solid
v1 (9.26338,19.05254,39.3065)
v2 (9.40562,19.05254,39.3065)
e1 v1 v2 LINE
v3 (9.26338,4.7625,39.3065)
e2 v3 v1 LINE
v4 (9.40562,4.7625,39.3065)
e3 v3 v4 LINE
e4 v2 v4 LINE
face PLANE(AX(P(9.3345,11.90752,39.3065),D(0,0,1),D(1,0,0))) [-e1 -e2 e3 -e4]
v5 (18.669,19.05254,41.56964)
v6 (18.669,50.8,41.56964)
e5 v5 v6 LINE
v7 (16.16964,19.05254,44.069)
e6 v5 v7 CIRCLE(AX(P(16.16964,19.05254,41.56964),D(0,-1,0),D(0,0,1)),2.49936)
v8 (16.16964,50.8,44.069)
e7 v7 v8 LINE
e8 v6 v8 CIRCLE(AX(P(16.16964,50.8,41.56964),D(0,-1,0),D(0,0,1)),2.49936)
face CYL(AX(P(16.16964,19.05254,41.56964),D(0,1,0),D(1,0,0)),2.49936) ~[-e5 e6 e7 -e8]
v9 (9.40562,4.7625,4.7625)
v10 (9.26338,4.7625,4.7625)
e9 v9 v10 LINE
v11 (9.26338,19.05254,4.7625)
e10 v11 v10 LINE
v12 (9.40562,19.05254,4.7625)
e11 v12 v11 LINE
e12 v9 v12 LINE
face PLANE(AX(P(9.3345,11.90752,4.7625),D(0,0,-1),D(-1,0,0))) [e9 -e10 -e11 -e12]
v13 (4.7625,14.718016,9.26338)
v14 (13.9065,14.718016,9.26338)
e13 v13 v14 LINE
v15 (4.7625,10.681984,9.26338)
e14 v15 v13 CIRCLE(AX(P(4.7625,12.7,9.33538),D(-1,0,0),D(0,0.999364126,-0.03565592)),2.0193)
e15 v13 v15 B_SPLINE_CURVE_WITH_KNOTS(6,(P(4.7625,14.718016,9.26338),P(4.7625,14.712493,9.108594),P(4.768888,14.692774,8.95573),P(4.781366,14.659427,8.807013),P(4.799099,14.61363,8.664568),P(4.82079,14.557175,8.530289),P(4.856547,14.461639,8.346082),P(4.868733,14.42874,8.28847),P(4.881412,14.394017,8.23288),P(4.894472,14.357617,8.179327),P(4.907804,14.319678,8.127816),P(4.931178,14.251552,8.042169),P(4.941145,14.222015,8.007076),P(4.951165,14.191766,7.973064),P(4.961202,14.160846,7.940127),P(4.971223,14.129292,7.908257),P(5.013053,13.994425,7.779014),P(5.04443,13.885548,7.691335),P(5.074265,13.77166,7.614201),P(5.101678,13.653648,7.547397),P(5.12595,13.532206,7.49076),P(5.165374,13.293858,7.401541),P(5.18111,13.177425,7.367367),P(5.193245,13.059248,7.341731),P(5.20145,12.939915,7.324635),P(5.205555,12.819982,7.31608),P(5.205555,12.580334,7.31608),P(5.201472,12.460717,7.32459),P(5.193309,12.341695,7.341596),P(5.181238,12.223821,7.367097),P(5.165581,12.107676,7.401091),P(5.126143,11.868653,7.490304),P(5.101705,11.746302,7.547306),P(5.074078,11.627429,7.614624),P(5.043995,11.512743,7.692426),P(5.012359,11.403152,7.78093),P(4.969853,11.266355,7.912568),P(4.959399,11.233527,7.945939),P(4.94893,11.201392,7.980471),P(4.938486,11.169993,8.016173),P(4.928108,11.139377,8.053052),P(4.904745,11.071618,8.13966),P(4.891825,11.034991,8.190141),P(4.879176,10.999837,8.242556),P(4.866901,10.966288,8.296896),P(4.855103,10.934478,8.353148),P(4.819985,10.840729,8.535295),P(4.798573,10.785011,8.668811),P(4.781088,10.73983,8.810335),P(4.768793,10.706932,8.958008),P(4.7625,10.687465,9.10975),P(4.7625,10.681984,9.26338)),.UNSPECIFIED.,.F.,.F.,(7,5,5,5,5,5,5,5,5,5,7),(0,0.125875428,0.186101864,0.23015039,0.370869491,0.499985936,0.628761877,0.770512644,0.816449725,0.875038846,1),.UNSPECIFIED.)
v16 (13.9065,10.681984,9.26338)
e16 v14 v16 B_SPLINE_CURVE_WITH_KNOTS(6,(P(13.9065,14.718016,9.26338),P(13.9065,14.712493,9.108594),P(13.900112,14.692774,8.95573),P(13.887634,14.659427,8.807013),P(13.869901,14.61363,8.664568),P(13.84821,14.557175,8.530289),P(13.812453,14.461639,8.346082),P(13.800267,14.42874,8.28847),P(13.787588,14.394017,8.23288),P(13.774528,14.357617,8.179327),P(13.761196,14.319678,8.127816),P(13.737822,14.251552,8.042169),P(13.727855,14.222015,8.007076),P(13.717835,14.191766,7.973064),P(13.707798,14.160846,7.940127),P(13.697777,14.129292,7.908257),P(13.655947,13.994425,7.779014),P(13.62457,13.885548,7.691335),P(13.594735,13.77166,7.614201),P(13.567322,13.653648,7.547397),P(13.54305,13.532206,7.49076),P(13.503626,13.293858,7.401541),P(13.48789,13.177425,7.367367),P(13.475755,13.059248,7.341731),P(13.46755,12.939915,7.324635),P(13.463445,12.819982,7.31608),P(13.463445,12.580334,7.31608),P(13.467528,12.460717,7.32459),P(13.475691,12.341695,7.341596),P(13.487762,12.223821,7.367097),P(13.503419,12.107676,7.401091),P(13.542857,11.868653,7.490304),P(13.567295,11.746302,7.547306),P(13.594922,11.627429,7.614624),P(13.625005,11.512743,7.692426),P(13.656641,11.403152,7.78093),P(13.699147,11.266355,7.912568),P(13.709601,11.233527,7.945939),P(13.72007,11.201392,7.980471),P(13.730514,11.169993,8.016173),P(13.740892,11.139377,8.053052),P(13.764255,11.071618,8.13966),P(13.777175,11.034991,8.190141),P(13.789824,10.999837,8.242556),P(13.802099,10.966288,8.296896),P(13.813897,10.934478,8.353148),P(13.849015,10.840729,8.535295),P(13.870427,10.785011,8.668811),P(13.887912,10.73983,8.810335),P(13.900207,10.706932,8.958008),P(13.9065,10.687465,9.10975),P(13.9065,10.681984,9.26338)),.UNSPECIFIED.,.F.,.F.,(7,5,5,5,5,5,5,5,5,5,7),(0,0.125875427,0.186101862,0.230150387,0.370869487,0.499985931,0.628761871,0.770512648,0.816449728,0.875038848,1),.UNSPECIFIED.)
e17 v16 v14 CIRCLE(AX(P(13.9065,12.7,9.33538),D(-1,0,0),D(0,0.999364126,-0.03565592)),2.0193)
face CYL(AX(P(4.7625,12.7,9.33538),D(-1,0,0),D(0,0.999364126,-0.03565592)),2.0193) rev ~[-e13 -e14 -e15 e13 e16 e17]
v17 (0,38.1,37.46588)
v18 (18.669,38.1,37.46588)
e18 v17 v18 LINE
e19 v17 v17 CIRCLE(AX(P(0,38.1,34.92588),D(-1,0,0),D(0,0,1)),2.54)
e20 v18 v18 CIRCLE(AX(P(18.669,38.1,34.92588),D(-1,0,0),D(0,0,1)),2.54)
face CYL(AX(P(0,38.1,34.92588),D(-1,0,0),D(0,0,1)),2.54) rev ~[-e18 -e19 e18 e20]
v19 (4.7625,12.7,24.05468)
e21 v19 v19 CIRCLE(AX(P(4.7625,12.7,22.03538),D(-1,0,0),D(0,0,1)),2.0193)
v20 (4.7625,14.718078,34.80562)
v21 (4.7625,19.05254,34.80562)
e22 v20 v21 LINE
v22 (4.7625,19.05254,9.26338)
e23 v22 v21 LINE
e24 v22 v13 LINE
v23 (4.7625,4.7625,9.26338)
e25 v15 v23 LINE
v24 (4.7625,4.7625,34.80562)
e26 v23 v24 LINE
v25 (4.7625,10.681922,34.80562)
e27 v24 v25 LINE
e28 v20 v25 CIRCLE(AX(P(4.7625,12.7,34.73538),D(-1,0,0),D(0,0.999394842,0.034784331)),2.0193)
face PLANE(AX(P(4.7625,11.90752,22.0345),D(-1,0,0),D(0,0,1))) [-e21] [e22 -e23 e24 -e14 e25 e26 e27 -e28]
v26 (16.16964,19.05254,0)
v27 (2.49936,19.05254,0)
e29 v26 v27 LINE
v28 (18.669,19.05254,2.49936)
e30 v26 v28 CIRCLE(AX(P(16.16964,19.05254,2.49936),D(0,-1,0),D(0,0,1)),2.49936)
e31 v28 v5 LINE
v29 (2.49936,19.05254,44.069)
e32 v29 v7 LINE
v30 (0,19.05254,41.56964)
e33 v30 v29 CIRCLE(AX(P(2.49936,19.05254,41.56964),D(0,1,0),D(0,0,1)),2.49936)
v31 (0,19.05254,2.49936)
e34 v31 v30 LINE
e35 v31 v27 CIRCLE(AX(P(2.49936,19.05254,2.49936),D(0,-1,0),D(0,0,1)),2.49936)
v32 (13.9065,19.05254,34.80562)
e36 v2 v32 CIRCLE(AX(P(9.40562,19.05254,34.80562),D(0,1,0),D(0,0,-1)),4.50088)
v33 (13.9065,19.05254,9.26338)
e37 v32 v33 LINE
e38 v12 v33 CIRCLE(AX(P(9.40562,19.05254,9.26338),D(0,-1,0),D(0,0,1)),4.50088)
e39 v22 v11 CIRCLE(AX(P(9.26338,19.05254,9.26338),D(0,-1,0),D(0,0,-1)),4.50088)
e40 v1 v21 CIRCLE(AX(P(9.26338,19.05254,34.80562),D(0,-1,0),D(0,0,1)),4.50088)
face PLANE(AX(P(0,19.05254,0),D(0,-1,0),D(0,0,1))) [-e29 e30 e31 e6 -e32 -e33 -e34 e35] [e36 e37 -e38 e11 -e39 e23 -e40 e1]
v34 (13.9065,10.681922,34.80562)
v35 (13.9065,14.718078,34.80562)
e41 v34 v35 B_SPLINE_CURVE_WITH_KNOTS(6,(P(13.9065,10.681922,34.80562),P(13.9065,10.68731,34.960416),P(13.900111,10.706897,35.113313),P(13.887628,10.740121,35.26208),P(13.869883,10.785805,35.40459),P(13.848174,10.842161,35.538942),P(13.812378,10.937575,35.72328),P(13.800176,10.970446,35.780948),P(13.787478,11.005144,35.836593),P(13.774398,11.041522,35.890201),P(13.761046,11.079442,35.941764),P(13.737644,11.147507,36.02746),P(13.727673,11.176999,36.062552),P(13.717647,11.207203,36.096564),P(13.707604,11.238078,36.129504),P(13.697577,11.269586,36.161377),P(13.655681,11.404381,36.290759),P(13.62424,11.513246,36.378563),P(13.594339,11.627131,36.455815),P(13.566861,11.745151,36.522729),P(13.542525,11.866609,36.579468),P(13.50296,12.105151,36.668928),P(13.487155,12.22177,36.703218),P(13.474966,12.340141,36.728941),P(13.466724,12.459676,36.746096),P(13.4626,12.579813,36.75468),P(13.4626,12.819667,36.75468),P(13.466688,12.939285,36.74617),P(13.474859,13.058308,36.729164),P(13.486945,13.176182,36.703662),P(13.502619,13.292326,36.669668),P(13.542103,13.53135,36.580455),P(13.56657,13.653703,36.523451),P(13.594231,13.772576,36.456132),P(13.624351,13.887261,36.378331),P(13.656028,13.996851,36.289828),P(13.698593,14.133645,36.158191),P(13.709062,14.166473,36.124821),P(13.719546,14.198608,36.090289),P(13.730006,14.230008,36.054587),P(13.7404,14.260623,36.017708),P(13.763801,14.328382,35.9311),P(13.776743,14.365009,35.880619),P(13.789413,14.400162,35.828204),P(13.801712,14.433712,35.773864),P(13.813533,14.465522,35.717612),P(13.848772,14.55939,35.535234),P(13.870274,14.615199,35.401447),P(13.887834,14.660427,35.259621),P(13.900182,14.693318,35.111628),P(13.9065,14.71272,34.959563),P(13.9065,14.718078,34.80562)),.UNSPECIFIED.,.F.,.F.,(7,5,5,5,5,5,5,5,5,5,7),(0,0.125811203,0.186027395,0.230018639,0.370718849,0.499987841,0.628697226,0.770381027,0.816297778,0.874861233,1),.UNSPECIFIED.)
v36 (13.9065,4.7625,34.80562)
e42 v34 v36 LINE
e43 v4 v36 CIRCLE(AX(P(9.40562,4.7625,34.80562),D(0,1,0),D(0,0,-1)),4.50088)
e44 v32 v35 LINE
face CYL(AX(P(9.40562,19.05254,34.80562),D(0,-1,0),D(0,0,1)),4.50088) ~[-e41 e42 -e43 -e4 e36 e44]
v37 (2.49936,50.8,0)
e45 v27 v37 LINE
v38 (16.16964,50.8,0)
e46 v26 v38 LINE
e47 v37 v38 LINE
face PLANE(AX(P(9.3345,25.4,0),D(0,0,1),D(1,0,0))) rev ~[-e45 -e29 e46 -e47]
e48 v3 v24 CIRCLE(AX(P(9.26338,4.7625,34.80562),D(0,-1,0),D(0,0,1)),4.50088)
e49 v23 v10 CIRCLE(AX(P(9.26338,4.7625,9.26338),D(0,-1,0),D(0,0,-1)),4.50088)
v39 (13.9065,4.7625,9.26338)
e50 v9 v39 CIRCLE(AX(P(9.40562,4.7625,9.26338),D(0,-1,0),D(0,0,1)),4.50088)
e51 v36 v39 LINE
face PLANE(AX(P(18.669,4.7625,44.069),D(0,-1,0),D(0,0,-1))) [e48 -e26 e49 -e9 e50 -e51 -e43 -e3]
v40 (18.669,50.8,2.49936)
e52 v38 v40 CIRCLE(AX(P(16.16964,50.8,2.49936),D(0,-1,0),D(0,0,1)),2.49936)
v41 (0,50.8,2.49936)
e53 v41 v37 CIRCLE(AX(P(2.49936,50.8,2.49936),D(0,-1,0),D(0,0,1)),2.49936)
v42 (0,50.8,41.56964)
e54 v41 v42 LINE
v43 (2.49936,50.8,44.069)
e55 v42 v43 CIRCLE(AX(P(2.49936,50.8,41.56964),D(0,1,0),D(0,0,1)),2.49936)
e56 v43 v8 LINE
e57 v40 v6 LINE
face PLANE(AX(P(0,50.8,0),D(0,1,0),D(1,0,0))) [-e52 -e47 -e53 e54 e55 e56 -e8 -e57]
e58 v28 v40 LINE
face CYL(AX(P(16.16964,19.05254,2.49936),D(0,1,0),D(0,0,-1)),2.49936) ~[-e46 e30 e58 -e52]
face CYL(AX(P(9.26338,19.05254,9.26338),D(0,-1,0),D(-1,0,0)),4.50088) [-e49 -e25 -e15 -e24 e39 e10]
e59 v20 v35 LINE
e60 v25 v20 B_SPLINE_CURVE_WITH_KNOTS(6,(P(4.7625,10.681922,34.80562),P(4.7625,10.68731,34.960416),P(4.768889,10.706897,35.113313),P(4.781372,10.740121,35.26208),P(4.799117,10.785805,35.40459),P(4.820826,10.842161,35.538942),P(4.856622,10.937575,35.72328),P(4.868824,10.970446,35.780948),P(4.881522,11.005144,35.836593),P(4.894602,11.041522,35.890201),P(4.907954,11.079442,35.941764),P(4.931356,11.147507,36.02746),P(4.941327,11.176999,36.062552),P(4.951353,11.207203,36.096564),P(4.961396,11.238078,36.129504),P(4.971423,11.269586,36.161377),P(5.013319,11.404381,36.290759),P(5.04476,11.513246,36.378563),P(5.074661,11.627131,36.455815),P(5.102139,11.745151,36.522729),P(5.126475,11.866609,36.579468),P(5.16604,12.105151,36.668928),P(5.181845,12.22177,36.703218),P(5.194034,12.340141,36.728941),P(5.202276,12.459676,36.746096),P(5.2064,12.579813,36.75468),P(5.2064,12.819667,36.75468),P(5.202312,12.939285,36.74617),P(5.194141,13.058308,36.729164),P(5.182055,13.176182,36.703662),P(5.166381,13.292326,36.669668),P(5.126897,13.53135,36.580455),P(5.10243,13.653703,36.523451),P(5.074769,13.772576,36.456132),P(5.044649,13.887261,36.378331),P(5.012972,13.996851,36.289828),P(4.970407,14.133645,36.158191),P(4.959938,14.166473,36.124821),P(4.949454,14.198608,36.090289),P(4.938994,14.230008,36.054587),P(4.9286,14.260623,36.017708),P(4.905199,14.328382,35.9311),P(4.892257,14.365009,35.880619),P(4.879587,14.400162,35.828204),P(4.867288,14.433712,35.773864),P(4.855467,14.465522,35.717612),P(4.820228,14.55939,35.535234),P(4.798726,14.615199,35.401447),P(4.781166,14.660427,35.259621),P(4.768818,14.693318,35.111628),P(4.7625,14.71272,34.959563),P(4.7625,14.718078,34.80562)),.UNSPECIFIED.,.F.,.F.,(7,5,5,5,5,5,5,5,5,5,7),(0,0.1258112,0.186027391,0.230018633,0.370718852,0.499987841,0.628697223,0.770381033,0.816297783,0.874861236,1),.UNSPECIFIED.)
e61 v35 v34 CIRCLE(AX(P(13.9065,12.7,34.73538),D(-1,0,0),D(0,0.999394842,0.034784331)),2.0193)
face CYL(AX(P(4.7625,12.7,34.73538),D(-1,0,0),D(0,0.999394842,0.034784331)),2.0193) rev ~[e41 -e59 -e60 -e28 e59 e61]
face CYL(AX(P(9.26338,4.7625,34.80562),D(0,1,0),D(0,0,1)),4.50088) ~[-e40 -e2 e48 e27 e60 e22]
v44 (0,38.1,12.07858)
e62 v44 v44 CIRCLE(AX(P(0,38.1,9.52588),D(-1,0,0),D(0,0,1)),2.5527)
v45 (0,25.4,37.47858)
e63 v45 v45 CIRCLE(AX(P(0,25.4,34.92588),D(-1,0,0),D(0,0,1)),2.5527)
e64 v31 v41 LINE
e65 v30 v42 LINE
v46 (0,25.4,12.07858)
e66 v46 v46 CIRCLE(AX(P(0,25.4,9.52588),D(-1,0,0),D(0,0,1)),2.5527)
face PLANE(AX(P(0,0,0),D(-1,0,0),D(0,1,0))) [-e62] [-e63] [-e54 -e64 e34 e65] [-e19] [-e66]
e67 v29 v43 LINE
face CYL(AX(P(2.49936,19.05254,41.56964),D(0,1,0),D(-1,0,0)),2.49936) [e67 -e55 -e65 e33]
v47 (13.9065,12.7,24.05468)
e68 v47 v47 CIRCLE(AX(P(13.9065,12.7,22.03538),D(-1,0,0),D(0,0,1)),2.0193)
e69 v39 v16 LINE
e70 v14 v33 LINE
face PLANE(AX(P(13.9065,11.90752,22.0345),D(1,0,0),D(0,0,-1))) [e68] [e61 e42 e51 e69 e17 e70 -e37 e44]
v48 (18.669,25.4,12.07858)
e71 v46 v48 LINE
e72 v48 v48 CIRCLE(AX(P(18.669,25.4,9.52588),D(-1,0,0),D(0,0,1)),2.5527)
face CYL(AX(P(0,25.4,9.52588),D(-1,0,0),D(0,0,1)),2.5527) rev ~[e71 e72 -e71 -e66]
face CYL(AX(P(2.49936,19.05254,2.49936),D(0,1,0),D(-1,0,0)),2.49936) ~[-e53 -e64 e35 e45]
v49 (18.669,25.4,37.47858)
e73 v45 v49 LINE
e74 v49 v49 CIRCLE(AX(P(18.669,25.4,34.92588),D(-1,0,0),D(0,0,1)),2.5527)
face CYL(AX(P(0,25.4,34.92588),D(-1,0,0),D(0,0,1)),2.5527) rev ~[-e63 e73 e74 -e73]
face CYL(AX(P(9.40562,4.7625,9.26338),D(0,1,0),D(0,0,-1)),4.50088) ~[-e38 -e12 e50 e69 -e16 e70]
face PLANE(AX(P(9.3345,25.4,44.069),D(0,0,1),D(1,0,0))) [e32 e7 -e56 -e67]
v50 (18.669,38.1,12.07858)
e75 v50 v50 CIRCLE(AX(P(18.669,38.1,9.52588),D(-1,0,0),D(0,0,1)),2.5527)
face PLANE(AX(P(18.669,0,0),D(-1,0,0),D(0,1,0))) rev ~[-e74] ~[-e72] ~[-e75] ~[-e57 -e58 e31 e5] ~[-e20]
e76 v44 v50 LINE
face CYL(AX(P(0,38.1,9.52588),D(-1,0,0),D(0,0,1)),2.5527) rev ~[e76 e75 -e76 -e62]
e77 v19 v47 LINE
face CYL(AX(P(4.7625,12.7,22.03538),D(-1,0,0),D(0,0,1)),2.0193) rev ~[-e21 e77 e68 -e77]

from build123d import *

# Parameters (mm, degrees)
SKETCH1_W           = 18.669
SKETCH1_H           = 50.8
BOSS_EXTRUDE1_DEPTH = 44.069
SKETCH2_W           = 44.069
SKETCH2_H           = 4.7625
CUT_EXTRUDE1_DEPTH  = 70.794328724
SKETCH3_W           = 44.069
SKETCH3_H           = 14.29004
CUT_EXTRUDE2_DEPTH  = 4.7625
SKETCH5_W           = 44.069
SKETCH5_H           = 14.29004
CUT_EXTRUDE3_DEPTH  = 4.7625
SKETCH4_W           = 18.669
SKETCH4_H           = 14.29004
CUT_EXTRUDE4_DEPTH  = 4.7625
SKETCH6_W           = 18.669
SKETCH6_H           = 14.29004
CUT_EXTRUDE5_DEPTH  = 4.7625
FILLET1_R           = 4.50088
FILLET2_R           = 2.49936
SKETCH7_R           = 2.5527
SKETCH7_R_2         = 2.54
CUT_EXTRUDE6_DEPTH  = 70.794328724
SKETCH8_R           = 2.0193
CUT_EXTRUDE7_DEPTH  = 69.673921566


with BuildPart() as part:
    # Sketch1 → Boss-Extrude1 (new body)
    with BuildSketch(Plane.XY):
        with Locations((9.3345, 25.4)):
            Rectangle(SKETCH1_W, SKETCH1_H)
    extrude(amount=BOSS_EXTRUDE1_DEPTH)

    # Sketch2 → Cut-Extrude1 (cut, through all)
    with BuildSketch(Plane(origin=(18.669, 0, 0), x_dir=(0, 0, -1), z_dir=(1, 0, 0))):
        with Locations((-22.0345, 2.38125)):
            Rectangle(SKETCH2_W, SKETCH2_H)
    extrude(amount=-CUT_EXTRUDE1_DEPTH, mode=Mode.SUBTRACT)

    # Sketch3 → Cut-Extrude2 (cut)
    with BuildSketch(Plane(origin=(18.669, 0, 0), x_dir=(0, 0, -1), z_dir=(1, 0, 0))):
        with Locations((-22.0345, 11.90752)):
            Rectangle(SKETCH3_W, SKETCH3_H)
    extrude(amount=-CUT_EXTRUDE2_DEPTH, mode=Mode.SUBTRACT)

    # Sketch5 → Cut-Extrude3 (cut)
    with BuildSketch(Plane.ZY):
        with Locations((22.0345, 11.90752)):
            Rectangle(SKETCH5_W, SKETCH5_H)
    extrude(amount=-CUT_EXTRUDE3_DEPTH, mode=Mode.SUBTRACT)

    # Sketch4 → Cut-Extrude4 (cut)
    with BuildSketch(Plane.XY.offset(44.069)):
        with Locations((9.3345, 11.90752)):
            Rectangle(SKETCH4_W, SKETCH4_H)
    extrude(amount=-CUT_EXTRUDE4_DEPTH, mode=Mode.SUBTRACT)

    # Sketch6 → Cut-Extrude5 (cut)
    with BuildSketch(Plane(origin=(0, 0, 0), x_dir=(-1, 0, 0), z_dir=(0, 0, -1))):
        with Locations((-9.3345, 11.90752)):
            Rectangle(SKETCH6_W, SKETCH6_H)
    extrude(amount=-CUT_EXTRUDE5_DEPTH, mode=Mode.SUBTRACT)

    # Fillet1
    fillet1_edges = [part.edges().sort_by_distance(p)[0] for p in [
        (4.7625, 11.90752, 39.3065),
        (13.9065, 11.90752, 39.3065),
        (4.7625, 11.90752, 4.7625),
        (13.9065, 11.90752, 4.7625),
    ]]
    fillet(fillet1_edges, radius=FILLET1_R)

    # Fillet2
    fillet2_edges = [part.edges().sort_by_distance(p)[0] for p in [
        (18.669, 34.92627, 0),
        (18.669, 34.92627, 44.069),
        (0, 34.92627, 44.069),
        (0, 34.92627, 0),
    ]]
    fillet(fillet2_edges, radius=FILLET2_R)

    # Sketch7 → Cut-Extrude6 (cut, through all)
    with BuildSketch(Plane.ZY):
        with Locations((9.52588, 38.1)):
            Circle(SKETCH7_R)
        with Locations((34.92588, 38.1)):
            Circle(SKETCH7_R_2)
        with Locations((34.92588, 25.4)):
            Circle(SKETCH7_R)
        with Locations((9.52588, 25.4)):
            Circle(SKETCH7_R)
    extrude(amount=-CUT_EXTRUDE6_DEPTH, mode=Mode.SUBTRACT)

    # Sketch8 → Cut-Extrude7 (cut, through all)
    with BuildSketch(Plane.ZY.offset(-4.7625)):
        with Locations((22.03538, 12.7)):
            Circle(SKETCH8_R)
        with Locations(Location((34.73538, 12.7, 0), (0, 0, 88.006602506))):
            Circle(SKETCH8_R)
        with Locations(Location((9.33538, 12.7, 0), (0, 0, 92.043366879))):
            Circle(SKETCH8_R)
    extrude(amount=-CUT_EXTRUDE7_DEPTH, mode=Mode.SUBTRACT)


solid = part.part
